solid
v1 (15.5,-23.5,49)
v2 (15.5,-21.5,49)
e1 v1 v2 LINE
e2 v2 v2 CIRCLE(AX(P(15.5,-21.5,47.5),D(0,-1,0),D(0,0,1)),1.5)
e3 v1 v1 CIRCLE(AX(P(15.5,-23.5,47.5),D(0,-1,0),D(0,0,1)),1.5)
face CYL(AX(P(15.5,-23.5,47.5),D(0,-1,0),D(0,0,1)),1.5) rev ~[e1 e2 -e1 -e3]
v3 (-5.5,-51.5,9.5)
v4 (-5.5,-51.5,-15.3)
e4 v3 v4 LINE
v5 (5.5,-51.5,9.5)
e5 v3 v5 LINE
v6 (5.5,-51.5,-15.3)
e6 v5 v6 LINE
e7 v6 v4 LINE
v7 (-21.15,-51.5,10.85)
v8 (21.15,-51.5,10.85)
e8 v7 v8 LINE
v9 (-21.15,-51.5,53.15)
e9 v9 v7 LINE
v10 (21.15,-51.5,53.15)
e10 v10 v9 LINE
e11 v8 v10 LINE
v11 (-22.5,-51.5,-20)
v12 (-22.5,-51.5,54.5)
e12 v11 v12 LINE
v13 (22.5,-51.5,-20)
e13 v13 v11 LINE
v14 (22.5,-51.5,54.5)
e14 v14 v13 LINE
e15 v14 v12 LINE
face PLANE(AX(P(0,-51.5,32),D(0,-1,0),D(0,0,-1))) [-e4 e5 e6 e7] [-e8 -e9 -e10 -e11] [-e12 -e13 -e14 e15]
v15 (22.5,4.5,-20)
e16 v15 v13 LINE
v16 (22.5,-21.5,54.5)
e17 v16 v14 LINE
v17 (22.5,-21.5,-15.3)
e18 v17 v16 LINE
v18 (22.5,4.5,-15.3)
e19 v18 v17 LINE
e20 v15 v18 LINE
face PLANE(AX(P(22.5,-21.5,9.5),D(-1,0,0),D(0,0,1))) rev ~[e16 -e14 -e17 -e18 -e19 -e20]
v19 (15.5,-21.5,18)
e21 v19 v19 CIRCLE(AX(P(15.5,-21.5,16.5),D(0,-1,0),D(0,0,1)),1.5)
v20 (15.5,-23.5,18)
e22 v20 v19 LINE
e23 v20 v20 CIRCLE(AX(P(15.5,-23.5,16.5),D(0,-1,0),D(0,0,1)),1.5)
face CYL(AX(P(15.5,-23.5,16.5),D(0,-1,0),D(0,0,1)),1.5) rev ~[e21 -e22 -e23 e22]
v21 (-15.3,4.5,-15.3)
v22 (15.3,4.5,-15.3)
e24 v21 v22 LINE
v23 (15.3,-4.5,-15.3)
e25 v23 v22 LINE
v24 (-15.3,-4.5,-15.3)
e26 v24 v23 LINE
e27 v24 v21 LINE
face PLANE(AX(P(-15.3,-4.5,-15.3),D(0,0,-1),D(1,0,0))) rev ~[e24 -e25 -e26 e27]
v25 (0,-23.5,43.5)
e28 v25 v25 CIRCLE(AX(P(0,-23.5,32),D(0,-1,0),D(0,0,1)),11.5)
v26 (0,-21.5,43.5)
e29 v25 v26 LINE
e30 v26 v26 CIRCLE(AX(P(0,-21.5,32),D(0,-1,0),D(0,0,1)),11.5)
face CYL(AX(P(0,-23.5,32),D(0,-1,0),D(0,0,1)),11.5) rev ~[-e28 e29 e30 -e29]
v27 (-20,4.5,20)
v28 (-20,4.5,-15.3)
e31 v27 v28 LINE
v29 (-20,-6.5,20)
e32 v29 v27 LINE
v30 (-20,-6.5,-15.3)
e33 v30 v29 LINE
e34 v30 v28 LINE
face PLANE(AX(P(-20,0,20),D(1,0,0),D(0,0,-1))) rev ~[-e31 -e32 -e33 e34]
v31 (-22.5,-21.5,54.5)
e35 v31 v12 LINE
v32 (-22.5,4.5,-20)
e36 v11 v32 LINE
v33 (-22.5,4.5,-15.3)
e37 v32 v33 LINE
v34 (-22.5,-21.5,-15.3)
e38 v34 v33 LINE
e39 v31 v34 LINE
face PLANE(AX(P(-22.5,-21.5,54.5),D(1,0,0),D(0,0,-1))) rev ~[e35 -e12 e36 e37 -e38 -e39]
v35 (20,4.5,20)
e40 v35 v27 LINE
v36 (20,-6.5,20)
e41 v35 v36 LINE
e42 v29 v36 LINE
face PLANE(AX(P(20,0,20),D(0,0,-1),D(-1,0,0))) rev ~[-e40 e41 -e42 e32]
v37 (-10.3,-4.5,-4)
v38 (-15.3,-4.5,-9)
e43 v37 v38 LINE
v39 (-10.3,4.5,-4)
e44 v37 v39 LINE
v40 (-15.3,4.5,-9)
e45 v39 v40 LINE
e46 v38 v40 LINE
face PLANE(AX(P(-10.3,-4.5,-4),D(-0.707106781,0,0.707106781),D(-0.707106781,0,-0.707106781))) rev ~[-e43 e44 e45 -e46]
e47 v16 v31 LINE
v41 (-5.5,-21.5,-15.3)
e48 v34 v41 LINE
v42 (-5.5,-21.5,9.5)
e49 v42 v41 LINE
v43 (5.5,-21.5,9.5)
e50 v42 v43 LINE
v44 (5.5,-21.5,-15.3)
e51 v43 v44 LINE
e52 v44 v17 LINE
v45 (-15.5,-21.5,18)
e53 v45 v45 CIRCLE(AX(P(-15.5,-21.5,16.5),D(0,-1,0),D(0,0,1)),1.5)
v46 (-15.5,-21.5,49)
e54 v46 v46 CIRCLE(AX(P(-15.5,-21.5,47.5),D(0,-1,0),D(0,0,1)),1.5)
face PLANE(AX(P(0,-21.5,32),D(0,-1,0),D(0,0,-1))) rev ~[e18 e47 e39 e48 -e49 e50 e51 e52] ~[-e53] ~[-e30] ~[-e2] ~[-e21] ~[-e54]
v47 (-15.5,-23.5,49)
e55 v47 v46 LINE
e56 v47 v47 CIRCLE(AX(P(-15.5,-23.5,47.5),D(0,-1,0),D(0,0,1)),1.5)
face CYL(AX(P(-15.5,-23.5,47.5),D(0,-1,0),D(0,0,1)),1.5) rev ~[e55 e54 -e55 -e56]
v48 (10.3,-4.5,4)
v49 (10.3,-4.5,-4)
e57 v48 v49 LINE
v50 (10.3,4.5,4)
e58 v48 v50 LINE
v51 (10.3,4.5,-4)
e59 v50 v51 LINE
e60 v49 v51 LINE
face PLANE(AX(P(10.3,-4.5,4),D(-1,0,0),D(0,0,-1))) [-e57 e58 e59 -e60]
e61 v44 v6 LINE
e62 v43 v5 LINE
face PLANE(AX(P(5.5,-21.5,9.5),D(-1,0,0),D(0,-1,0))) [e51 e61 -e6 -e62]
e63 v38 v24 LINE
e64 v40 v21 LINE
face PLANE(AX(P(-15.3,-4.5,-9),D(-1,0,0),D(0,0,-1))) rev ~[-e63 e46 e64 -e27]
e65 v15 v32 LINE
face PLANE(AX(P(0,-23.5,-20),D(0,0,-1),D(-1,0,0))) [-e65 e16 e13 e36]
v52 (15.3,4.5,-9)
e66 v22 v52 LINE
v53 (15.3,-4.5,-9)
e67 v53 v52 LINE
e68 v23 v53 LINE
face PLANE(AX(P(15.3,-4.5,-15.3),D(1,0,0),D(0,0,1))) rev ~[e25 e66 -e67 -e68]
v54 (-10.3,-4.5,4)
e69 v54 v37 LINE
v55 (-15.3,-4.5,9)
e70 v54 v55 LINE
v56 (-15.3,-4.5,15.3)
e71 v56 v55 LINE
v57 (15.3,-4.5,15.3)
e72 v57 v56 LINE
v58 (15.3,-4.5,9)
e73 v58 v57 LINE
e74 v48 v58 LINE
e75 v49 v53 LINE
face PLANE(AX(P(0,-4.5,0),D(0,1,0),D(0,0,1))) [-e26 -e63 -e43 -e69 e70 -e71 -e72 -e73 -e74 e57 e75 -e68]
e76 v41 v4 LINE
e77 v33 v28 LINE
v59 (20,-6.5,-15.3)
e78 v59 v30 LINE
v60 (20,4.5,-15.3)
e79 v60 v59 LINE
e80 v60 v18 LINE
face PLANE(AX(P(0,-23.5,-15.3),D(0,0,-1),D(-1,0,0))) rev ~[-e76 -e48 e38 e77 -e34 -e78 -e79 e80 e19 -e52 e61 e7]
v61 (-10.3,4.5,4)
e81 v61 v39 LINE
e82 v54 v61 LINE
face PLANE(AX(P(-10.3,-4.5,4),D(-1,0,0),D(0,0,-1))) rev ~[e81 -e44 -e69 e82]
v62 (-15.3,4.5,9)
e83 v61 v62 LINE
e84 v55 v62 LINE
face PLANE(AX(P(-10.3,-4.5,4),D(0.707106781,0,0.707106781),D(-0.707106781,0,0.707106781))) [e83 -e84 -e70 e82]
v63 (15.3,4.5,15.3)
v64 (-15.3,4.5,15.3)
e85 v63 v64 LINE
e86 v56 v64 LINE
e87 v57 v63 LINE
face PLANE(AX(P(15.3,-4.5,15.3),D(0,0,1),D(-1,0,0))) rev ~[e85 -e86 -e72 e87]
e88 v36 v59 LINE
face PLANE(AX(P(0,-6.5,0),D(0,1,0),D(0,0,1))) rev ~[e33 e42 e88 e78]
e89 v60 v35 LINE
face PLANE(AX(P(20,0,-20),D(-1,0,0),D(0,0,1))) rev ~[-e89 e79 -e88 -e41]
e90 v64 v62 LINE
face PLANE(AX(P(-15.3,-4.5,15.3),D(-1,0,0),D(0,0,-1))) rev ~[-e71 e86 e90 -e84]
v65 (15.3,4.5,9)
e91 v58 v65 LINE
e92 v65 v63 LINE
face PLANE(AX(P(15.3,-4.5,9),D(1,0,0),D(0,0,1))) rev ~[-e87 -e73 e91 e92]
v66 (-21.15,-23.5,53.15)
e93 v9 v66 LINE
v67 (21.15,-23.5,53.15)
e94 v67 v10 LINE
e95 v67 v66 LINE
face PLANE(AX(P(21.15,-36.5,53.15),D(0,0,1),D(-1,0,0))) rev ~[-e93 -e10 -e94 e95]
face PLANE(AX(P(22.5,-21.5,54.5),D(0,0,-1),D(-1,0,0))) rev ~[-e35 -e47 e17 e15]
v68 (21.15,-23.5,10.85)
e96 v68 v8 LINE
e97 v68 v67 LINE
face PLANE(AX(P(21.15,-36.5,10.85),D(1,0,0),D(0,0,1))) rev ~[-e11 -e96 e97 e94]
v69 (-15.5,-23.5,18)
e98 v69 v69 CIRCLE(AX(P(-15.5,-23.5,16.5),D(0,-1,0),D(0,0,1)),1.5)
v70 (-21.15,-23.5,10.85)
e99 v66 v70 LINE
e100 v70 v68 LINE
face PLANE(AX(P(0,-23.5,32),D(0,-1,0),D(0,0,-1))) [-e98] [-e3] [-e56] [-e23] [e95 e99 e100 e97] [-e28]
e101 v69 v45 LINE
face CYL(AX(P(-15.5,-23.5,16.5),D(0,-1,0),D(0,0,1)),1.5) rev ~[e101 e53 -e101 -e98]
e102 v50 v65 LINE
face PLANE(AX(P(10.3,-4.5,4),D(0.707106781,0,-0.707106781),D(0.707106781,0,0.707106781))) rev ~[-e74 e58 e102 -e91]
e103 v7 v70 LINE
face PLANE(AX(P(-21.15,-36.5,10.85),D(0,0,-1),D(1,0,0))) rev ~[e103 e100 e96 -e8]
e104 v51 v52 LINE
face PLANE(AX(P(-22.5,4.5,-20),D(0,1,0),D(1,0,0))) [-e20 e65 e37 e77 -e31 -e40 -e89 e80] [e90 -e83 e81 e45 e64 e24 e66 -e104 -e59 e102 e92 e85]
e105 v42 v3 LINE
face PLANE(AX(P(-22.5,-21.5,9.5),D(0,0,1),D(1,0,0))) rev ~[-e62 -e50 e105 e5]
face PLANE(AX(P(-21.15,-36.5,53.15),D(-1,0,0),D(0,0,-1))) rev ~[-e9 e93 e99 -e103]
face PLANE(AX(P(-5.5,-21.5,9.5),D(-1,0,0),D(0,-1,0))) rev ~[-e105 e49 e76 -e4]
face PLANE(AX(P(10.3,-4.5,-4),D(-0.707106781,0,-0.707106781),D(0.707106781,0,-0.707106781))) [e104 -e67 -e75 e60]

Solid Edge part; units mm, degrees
sketch "Sketch1" plane through (0, 0, 0) normal (0, -1, 0) x (1, 0, 0)
  line L0 (-20, -20) -> (20, -20)
  line L1 (20, -20) -> (20, 20)
  line L2 (20, 20) -> (-20, 20)
  line L3 (-20, 20) -> (-20, -20)
extrude "Protrusion1" add sketch "Sketch1" along normal mid plane 9
sketch "Sketch2" plane through (0, -4.5, 0) normal (0, -1, 0) x (1, 0, 0)
  line L0 (-15.3, -15.3) -> (15.3, -15.3)
  line L1 (15.3, -15.3) -> (15.3, -9)
  line L2 (10.3, -4) -> (15.3, -9)
  line L3 (10.3, 4) -> (10.3, -4)
  line L4 (10.3, 4) -> (15.3, 9)
  line L5 (15.3, 9) -> (15.3, 15.3)
  line L6 (15.3, 15.3) -> (-15.3, 15.3)
  line L7 (-15.3, 15.3) -> (-15.3, 9)
  line L8 (-10.3, 4) -> (-15.3, 9)
  line L9 (-10.3, 4) -> (-10.3, -4)
  line L10 (-10.3, -4) -> (-15.3, -9)
  line L11 (-15.3, -9) -> (-15.3, -15.3)
extrude "ExtrudedCutout_1" cut sketch "Sketch2" against normal blind 161.5
sketch "Sketch3" plane through (0, -21.5, 0) normal (0, -1, 0) x (0, 0, 1)
  line L0 (54.5, -22.5) -> (54.5, 22.5)
  line L1 (54.5, 22.5) -> (9.5, 22.5)
  line L2 (9.5, 22.5) -> (9.5, -22.5)
  line L3 (9.5, -22.5) -> (54.5, -22.5)
  dimension "D1" = 12
extrude "ExtrudedProtrusion_8" add sketch "Sketch3" along normal blind 30
sketch "Sketch4" plane through (0, -36.5, 32) normal (0, -1, 0) x (1, 0, 0)
  line L0 (-21.15, -21.15) -> (21.15, -21.15)
  line L1 (21.15, -21.15) -> (21.15, 21.15)
  line L2 (21.15, 21.15) -> (-21.15, 21.15)
  line L3 (-21.15, 21.15) -> (-21.15, -21.15)
extrude "ExtrudedCutout_4" cut sketch "Sketch4" against normal blind 13 and the other way blind 20
sketch "Sketch5" plane through (0, -23.5, 32) normal (0, -1, 0) x (0, 0, 1)
  circle A0 centre (0, 0) radius 11.5
  circle A1 centre (-15.5, 15.5) radius 1.5
  circle A2 centre (-15.5, -15.5) radius 1.5
  circle A3 centre (15.5, 15.5) radius 1.5
  circle A4 centre (15.5, -15.5) radius 1.5
  dimension "D1" = 15.5
  dimension "D2" = 5.65
extrude "Cutout1" cut sketch "Sketch5" against normal up to next
sketch "Sketch6" plane through (0, -4.5, 0) normal (0, -1, 0) x (1, 0, 0)
  line L0 (-20, 20) -> (20, 20)
  line L1 (20, 20) -> (20, -20)
  line L2 (20, -20) -> (-20, -20)
  line L3 (-20, -20) -> (-20, 20)
extrude "ExtrudedProtrusion_9" add sketch "Sketch6" along normal blind 2
sketch "Sketch7" plane through (0, -36.5, 9.5) normal (0, 0, -1) x (1, 0, 0)
  line L0 (-22.5, 15) -> (-22.5, -15)
  line L1 (-22.5, -15) -> (-5.5, -15)
  line L2 (-5.5, -15) -> (-5.5, 15)
  line L3 (-5.5, 15) -> (-22.5, 15)
  line L4 (22.5, 15) -> (22.5, -15)
  line L5 (22.5, -15) -> (5.5, -15)
  line L6 (5.5, -15) -> (5.5, 15)
  line L7 (5.5, 15) -> (22.5, 15)
extrude "ExtrudedProtrusion_13" add sketch "Sketch7" along normal blind 29
sketch "Sketch8" plane through (0, -1, -20) normal (0, 0, -1) x (0, -1, 0)
  line L0 (50.5, 22.5) -> (-5.5, 22.5)
  line L1 (-5.5, 22.5) -> (-5.5, -22.5)
  line L2 (-5.5, -22.5) -> (50.5, -22.5)
  line L3 (50.5, -22.5) -> (50.5, 22.5)
extrude "ExtrudedProtrusion_14" add sketch "Sketch8" against normal blind 4.7
